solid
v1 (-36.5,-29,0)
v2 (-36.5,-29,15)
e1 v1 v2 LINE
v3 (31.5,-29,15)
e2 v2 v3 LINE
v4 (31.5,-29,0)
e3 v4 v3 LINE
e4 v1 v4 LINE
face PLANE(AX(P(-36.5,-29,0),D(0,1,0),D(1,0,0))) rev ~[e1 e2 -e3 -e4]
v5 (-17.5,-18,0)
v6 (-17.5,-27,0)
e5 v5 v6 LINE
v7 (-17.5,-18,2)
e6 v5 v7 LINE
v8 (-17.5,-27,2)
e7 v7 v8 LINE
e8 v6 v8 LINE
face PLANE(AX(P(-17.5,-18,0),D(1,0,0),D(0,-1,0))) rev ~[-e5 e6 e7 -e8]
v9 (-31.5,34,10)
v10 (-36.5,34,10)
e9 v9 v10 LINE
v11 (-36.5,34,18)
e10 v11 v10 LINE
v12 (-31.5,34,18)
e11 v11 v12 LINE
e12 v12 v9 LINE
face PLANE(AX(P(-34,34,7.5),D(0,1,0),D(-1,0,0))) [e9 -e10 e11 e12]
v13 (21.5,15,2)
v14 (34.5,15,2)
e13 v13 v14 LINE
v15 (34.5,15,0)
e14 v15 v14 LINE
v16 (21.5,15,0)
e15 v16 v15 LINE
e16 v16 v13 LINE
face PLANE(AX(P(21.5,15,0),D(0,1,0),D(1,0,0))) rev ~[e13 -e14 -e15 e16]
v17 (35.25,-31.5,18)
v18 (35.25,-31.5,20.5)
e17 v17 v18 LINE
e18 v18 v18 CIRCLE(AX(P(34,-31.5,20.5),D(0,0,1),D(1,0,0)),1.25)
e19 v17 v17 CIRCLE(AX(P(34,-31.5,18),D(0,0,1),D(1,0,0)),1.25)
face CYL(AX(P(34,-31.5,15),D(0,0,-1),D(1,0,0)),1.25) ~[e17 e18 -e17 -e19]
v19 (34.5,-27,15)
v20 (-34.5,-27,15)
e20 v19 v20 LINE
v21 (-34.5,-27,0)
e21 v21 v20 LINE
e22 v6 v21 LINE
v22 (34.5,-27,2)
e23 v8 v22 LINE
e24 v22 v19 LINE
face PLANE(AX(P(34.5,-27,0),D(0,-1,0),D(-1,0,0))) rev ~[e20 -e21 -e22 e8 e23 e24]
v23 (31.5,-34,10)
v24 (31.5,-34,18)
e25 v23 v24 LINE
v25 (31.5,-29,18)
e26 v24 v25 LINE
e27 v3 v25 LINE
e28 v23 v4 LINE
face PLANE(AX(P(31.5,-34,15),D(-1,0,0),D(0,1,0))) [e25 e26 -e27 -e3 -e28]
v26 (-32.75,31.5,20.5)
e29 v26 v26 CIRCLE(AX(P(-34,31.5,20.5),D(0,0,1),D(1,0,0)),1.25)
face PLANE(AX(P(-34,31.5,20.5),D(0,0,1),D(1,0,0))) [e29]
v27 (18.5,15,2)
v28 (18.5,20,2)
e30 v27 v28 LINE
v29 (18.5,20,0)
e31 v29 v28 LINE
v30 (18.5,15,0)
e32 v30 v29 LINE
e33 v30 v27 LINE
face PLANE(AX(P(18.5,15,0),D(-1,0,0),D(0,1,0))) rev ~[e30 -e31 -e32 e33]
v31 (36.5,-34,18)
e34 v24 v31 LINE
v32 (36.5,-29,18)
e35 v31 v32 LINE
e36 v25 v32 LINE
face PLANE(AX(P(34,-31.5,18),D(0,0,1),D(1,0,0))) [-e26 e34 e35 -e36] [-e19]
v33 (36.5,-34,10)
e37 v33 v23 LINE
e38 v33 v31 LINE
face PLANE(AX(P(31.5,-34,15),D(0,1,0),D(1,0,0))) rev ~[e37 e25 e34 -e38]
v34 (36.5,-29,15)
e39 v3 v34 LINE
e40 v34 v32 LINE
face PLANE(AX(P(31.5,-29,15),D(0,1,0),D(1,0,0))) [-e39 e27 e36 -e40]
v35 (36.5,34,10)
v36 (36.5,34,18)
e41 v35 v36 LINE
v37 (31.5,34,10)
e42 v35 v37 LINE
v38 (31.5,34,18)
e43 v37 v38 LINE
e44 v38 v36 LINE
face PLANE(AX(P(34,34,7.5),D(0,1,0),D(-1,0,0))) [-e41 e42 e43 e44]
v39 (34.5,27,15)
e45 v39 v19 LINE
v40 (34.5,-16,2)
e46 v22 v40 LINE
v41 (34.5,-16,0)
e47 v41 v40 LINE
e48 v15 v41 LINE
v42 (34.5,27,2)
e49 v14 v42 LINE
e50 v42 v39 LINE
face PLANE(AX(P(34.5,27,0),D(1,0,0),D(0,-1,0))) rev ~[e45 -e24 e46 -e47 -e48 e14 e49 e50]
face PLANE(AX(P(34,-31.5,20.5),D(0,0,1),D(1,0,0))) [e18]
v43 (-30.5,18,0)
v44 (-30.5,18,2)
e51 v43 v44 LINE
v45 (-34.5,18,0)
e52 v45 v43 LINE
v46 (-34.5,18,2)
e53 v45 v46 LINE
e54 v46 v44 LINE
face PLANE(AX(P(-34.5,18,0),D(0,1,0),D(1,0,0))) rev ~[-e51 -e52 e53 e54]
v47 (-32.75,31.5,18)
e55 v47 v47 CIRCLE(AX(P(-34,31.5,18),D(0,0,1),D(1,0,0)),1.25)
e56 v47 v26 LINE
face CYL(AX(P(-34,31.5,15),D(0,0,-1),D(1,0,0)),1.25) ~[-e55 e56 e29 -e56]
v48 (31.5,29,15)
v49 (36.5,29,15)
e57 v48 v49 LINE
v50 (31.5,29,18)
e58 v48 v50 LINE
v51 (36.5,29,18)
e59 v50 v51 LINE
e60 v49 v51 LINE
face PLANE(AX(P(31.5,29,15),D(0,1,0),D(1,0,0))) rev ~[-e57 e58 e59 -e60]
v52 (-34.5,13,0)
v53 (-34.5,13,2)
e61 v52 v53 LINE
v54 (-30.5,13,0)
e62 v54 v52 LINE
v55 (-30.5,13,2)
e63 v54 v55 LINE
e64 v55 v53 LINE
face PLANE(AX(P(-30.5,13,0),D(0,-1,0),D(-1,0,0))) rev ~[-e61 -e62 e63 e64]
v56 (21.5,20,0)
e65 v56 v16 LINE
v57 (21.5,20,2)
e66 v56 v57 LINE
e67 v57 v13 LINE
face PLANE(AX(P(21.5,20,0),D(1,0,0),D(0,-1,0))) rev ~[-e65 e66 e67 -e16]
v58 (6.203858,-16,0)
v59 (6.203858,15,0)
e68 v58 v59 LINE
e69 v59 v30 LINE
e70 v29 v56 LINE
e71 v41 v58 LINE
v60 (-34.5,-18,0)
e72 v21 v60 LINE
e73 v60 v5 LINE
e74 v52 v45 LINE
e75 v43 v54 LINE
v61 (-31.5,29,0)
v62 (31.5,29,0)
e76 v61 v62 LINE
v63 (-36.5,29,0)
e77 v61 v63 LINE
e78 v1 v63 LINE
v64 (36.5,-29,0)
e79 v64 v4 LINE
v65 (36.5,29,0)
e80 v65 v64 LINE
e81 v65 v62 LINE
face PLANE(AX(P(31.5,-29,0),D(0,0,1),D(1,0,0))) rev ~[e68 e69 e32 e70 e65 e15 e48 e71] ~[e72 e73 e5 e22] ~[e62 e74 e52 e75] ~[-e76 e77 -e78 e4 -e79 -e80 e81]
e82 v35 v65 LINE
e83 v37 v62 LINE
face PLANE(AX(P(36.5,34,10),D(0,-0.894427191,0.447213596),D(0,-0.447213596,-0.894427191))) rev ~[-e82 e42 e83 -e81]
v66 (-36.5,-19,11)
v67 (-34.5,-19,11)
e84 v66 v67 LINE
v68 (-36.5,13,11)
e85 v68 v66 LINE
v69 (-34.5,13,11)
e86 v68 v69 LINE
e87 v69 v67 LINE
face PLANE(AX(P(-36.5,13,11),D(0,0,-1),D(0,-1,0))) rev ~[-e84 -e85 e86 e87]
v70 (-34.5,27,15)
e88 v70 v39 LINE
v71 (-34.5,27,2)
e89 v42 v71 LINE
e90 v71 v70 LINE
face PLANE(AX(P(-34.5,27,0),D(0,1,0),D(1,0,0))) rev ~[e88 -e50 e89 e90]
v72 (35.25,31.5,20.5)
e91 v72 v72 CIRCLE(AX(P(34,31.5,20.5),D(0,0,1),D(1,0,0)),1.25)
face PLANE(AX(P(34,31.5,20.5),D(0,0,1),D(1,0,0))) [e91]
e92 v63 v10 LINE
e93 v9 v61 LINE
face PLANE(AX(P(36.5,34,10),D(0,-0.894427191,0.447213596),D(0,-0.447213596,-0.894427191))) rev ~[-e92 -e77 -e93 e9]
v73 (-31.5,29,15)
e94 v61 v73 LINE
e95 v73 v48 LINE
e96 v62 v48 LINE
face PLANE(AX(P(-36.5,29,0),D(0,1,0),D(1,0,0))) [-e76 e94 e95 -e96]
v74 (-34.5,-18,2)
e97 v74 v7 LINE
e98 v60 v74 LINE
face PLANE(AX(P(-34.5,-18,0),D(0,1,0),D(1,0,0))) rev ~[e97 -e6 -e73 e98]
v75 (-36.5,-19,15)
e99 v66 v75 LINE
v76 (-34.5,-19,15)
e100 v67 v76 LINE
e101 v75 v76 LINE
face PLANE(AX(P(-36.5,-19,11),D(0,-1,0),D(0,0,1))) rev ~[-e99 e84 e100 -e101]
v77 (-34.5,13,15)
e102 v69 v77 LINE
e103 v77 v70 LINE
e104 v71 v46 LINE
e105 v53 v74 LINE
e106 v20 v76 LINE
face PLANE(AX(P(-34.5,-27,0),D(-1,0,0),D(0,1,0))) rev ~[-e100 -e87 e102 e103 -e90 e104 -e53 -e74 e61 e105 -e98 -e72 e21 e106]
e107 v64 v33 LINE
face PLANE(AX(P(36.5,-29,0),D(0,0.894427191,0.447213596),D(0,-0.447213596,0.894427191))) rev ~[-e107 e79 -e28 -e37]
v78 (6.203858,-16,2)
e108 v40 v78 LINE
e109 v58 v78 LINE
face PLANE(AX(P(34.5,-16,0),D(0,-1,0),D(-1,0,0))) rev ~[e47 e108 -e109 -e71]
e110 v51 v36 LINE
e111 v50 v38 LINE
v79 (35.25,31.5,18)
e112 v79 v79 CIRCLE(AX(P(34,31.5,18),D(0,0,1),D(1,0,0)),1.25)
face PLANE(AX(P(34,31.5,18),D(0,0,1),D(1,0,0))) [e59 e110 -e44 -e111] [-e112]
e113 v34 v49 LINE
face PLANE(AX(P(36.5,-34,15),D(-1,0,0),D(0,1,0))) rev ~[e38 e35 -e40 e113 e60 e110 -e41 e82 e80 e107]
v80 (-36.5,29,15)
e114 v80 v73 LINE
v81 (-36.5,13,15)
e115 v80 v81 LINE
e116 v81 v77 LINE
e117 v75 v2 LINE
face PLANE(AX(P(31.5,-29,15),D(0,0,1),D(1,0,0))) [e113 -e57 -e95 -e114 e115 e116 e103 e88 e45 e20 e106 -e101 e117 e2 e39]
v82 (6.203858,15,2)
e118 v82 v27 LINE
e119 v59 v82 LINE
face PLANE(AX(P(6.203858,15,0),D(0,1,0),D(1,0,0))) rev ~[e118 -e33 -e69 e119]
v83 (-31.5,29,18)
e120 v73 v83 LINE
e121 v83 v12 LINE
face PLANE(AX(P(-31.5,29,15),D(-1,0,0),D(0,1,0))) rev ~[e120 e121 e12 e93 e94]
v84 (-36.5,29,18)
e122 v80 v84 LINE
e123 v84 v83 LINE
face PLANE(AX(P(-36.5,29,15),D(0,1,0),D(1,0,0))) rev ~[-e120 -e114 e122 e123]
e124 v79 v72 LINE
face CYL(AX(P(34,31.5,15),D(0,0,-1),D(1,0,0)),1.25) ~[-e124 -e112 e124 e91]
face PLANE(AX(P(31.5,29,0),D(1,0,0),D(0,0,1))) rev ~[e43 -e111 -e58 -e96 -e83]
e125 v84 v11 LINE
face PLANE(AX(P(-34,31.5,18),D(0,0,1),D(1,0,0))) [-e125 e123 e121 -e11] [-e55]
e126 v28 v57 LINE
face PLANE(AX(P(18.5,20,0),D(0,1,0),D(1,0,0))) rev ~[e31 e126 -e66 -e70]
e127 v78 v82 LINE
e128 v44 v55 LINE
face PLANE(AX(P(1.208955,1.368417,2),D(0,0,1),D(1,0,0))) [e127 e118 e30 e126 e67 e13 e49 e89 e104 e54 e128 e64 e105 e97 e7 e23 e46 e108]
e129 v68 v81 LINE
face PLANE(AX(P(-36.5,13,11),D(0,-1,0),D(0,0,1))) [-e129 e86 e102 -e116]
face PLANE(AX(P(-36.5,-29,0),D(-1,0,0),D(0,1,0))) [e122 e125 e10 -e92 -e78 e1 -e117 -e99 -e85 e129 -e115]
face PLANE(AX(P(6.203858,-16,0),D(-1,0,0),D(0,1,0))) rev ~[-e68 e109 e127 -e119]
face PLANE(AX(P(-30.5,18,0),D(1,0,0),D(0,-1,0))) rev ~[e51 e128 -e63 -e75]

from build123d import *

# Parameters (mm, degrees)
F0_W      = 73
F0_H      = 58
F1_DEPTH  = 15
F2_DEPTH  = 2
F3_W      = 5
F3_H      = 15
F4_DEPTH  = 5
F5_W      = 5
F5_H      = 15
F6_DEPTH  = 5
F7_R      = 1.25
F8_DEPTH  = 5.5
F9_DEPTH  = 5.5
F11_DEPTH = 73.001
F12_W     = 32
F12_H     = 4
F13_DEPTH = 2
F7_W      = 5
F7_H      = 5
F14_DEPTH = 3


with BuildPart() as f1:
    # F0 (on Top) → F1 (new body)
    with BuildSketch(Plane.XY):
        Rectangle(F0_W, F0_H)
        Polygon((-34.5, 18), (-34.5, 27), (34.5, 27), (34.5, 15), (34.5, -16), (34.5, -27), (-17.5, -27), (-34.5, -27), (-34.5, -18), (-34.5, 13), align=None, mode=Mode.SUBTRACT)
    extrude(amount=F1_DEPTH)

    # F0 (on Top) → F2 (join)
    with BuildSketch(Plane.XY):
        Polygon((34.5, 27), (-34.5, 27), (-34.5, 18), (-30.5, 18), (-30.5, 13), (-34.5, 13), (-34.5, -18), (-17.5, -18), (-17.5, -27), (34.5, -27), (34.5, -16), (6.203858, -16), (6.203858, 15), (18.5, 15), (18.5, 20), (21.5, 20), (21.5, 15), (34.5, 15), align=None)
    extrude(amount=F2_DEPTH)

    # F3 (on face) → F4 (join)
    with BuildSketch(Plane(origin=(0, 29, 0), x_dir=(-1, 0, 0), z_dir=(0, 1, 0))):
        with Locations((-34, 7.5)):
            Rectangle(F3_W, F3_H)
        with Locations((34, 7.5)):
            Rectangle(F3_W, F3_H)
    extrude(amount=F4_DEPTH)

    # F5 (on face) → F6 (join)
    with BuildSketch(Plane.XZ.offset(29)):
        with Locations((34, 7.5)):
            Rectangle(F5_W, F5_H)
    extrude(amount=F6_DEPTH)

    # F7 (on face) → F8 (join)
    with BuildSketch(Plane.XY.offset(15)):
        with Locations((34, -31.5)):
            Circle(F7_R)
        with Locations((-34, 31.5)):
            Circle(F7_R)
    extrude(amount=F8_DEPTH)

    # F7 (on face) → F9 (join)
    with BuildSketch(Plane.XY.offset(15)):
        with Locations((34, 31.5)):
            Circle(F7_R)
    extrude(amount=F9_DEPTH)

    # F10 (on face) → F11 (cut, through all)
    with BuildSketch(Plane.YZ.offset(36.5)):
        Polygon((-34, 0), (-29, 0), (-34, 10), align=None)
        Polygon((34, 0), (34, 10), (29, 0), align=None)
    extrude(amount=-F11_DEPTH, mode=Mode.SUBTRACT)

    # F12 (on face) → F13 (cut)
    with BuildSketch(Plane(origin=(-36.5, 0, 0), x_dir=(0, -1, 0), z_dir=(-1, 0, 0))):
        with Locations((3, 13)):
            Rectangle(F12_W, F12_H)
    extrude(amount=-F13_DEPTH, mode=Mode.SUBTRACT)

    # F7 (on face) → F14 (join)
    with BuildSketch(Plane.XY.offset(15)):
        with Locations((34, -31.5)):
            Rectangle(F7_W, F7_H)
        with Locations((34, -31.5)):
            Circle(F7_R, mode=Mode.SUBTRACT)
        with Locations((34, 31.5)):
            Rectangle(F7_W, F7_H)
        with Locations((34, 31.5)):
            Circle(F7_R, mode=Mode.SUBTRACT)
        with Locations((-34, 31.5)):
            Rectangle(F7_W, F7_H)
        with Locations((-34, 31.5)):
            Circle(F7_R, mode=Mode.SUBTRACT)
    extrude(amount=F14_DEPTH)


solid = f1.part
